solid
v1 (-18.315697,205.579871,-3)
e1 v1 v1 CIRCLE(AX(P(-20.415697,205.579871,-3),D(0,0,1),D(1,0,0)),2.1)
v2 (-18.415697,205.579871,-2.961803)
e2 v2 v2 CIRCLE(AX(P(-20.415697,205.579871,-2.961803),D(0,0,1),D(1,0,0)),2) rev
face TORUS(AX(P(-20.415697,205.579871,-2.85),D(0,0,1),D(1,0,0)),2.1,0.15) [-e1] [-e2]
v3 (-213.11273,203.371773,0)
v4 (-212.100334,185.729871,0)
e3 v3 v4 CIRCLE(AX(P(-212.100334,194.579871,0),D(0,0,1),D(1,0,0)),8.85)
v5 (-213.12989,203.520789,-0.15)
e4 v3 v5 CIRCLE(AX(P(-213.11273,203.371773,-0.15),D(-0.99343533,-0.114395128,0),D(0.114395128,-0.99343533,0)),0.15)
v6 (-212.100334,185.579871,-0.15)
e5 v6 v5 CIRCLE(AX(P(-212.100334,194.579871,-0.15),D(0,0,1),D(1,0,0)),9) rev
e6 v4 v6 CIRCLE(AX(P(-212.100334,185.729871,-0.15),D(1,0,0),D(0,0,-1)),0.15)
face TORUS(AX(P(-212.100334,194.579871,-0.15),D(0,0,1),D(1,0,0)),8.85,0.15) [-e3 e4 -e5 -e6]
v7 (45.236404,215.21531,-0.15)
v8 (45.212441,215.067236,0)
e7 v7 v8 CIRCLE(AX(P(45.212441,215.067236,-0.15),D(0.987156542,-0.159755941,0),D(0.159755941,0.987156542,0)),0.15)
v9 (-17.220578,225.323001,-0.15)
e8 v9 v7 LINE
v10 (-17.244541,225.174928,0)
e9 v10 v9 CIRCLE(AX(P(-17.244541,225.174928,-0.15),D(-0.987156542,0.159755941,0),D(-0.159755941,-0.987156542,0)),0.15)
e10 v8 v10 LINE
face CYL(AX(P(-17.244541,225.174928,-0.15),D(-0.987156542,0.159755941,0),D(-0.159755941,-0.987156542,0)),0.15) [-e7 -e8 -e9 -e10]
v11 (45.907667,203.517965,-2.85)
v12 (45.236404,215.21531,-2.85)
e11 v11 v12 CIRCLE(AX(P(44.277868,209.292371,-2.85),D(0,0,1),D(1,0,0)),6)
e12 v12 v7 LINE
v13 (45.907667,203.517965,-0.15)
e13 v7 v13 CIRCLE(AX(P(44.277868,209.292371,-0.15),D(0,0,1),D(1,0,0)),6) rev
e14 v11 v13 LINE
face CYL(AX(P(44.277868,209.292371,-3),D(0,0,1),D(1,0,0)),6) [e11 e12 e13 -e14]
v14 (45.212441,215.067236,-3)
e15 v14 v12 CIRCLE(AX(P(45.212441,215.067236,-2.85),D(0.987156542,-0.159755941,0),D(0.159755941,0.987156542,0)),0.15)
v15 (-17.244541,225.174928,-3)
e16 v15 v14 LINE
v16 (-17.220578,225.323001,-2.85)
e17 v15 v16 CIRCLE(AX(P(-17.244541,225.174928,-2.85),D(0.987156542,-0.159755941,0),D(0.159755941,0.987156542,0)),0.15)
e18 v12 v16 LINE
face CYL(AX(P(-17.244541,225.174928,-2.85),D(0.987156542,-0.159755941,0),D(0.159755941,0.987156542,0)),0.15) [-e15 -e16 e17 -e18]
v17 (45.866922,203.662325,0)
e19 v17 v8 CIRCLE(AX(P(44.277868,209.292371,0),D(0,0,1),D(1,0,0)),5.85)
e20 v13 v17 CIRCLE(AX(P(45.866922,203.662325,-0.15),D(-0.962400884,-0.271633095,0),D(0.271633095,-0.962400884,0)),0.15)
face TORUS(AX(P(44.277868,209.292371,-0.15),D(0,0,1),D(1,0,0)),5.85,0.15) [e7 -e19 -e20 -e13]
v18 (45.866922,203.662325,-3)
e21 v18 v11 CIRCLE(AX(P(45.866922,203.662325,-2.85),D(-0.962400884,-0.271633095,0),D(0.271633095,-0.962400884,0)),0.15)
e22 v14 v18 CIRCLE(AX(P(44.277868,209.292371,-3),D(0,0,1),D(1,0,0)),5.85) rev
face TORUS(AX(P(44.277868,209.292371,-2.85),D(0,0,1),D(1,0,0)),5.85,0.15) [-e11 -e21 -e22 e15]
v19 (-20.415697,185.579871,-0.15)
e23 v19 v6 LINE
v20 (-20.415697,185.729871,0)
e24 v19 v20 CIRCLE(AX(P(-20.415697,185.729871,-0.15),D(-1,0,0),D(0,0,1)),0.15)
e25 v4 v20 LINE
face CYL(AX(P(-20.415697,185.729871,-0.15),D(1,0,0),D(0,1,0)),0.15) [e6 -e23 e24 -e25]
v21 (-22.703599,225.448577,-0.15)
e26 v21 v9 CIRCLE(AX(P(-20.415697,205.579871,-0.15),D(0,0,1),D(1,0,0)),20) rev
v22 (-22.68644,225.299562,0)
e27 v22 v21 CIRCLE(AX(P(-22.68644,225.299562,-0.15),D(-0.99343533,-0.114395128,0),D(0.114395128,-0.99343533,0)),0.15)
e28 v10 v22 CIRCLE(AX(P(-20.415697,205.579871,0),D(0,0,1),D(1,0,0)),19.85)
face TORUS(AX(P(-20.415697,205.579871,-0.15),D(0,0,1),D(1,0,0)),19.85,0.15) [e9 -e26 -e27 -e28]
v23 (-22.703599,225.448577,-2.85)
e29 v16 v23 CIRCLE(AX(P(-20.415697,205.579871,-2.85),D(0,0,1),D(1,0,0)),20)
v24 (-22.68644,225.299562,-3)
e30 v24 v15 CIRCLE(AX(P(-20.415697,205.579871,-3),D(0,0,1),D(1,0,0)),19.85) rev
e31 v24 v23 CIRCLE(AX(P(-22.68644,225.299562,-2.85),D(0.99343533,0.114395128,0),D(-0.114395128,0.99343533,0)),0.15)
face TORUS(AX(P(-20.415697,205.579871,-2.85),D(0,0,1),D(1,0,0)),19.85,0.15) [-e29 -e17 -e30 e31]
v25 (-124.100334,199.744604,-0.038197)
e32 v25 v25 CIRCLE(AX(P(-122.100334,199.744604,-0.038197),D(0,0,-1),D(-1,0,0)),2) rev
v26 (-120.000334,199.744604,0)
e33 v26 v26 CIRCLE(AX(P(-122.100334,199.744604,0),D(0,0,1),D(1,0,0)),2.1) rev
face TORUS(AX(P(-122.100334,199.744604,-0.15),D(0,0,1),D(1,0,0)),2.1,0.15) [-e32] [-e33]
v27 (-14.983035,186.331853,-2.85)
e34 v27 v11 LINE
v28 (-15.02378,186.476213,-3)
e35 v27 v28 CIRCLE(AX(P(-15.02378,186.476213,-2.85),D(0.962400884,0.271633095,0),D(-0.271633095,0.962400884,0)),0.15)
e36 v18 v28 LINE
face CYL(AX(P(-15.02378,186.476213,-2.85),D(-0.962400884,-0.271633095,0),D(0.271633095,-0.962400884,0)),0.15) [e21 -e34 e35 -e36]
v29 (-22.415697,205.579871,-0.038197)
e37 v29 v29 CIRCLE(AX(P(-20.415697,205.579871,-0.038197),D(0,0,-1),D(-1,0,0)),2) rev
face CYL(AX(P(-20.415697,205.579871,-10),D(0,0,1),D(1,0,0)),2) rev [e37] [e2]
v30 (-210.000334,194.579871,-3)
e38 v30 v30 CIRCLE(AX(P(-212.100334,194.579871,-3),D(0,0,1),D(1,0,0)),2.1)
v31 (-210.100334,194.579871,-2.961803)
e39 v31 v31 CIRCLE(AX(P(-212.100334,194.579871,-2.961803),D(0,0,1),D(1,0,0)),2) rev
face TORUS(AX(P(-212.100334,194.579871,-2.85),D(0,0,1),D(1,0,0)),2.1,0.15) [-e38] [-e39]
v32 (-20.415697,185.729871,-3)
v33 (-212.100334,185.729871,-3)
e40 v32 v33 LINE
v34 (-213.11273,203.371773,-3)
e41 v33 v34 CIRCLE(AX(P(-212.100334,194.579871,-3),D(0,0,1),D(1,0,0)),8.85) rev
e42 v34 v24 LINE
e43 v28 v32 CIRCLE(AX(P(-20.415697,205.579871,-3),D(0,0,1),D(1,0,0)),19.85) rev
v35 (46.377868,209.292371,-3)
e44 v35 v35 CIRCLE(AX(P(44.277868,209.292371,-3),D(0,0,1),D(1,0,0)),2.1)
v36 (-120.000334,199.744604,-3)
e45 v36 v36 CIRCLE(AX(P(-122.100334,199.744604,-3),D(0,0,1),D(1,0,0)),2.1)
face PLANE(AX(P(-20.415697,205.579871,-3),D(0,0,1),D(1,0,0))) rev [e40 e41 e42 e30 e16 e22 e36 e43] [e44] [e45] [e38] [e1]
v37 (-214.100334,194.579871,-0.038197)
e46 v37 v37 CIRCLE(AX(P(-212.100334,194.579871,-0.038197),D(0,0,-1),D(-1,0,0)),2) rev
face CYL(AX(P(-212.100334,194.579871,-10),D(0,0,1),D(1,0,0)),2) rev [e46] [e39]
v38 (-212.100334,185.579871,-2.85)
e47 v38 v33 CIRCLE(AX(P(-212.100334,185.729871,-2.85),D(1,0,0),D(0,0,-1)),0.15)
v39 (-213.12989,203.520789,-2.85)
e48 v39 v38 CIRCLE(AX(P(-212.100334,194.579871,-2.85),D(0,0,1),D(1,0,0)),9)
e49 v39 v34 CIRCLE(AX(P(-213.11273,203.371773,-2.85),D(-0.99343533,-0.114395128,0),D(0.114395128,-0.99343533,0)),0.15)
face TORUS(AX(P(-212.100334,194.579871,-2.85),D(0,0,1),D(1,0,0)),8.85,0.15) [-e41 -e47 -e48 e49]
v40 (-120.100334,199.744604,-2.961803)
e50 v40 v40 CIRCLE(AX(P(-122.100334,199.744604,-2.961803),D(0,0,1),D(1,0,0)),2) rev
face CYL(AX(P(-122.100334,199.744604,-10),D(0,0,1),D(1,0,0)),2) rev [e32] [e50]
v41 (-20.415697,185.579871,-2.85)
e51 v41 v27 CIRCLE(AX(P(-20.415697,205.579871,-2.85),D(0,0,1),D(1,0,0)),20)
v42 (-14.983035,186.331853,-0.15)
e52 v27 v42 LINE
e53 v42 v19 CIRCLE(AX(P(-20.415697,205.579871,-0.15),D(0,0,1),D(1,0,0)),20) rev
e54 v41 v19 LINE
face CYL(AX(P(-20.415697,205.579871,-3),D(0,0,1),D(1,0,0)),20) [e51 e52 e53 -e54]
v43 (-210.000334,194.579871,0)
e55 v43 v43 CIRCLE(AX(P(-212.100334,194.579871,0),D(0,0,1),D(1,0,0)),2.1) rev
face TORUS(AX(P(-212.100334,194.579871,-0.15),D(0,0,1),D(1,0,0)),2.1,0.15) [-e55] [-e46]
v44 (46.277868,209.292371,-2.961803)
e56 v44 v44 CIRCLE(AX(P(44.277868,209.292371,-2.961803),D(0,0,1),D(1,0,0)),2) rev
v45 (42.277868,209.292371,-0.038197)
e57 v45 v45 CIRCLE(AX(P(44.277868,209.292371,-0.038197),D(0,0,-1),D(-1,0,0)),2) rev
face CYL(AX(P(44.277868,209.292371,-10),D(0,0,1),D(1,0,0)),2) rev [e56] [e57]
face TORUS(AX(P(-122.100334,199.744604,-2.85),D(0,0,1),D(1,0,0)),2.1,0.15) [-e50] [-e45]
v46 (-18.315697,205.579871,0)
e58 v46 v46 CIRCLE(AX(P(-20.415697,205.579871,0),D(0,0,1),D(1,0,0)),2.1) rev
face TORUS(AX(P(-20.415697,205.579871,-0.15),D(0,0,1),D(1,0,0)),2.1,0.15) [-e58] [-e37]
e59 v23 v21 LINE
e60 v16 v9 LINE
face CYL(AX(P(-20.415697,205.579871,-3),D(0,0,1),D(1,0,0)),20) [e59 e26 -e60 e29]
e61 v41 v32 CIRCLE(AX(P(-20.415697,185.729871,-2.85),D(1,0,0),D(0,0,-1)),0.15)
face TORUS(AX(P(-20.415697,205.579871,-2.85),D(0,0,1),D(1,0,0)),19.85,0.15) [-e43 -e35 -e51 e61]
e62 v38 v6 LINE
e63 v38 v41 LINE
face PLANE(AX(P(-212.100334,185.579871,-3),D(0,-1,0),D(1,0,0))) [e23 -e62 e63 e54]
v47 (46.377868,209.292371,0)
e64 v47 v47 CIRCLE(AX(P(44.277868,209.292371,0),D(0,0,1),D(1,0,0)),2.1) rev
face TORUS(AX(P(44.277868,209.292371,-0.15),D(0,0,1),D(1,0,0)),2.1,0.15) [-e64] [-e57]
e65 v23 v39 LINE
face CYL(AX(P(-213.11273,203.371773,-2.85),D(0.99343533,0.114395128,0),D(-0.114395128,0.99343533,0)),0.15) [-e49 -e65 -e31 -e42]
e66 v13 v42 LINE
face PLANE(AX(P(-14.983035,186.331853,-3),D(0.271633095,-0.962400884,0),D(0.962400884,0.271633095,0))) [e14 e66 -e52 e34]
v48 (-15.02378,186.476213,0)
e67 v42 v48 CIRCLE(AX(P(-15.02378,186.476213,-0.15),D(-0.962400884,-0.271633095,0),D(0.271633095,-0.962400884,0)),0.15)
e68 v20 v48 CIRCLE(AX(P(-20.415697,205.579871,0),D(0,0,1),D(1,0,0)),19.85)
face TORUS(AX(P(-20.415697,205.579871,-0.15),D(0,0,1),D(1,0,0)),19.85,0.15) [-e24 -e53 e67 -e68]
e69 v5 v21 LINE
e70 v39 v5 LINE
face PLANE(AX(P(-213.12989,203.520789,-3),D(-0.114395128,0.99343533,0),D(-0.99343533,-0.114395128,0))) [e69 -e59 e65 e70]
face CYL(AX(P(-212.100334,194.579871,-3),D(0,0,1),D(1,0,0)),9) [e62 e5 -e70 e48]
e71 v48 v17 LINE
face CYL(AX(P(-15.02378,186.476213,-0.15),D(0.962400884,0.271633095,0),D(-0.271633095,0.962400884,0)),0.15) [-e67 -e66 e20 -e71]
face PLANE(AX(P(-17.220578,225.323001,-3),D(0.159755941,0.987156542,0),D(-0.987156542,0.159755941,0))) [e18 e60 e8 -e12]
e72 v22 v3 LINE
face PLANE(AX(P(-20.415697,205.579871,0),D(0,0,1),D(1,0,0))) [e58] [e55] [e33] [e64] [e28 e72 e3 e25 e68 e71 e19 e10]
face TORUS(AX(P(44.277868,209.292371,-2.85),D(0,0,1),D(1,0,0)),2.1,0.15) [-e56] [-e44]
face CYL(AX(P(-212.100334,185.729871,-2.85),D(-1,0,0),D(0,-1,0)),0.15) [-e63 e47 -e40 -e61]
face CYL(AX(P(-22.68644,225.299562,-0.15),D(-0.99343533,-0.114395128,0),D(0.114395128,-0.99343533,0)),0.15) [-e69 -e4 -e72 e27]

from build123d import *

# Parameters (mm, degrees)
BOSS_EXTRUDE1_DEPTH        = 3
M3_5_CLEARANCE_HOLE1_D     = 3.9
M3_5_CLEARANCE_HOLE1_DEPTH = 10
M3_5_CLEARANCE_HOLE1_TIP   = 1.171678207
FILLET1_R                  = 0.15
SKETCH_1_R                 = 2
CUT_EXTRUDE_1_DEPTH        = 10
SKETCH_2_R                 = 2
CUT_EXTRUDE_2_DEPTH        = 10
SKETCH_3_R                 = 2
CUT_EXTRUDE_3_DEPTH        = 10


with BuildPart() as part:
    # Sketch1 → Boss-Extrude1 (new body)
    with BuildSketch(Plane.XY):
        with BuildLine():
            Line((-14.983034782, 186.331852937), (45.907666819, 203.517965313))
            ThreePointArc((45.907666819, 203.517965313), (50.268013149, 209.636120617), (45.236403893, 215.215309872))
            Line((45.236403893, 215.215309872), (-17.220577868, 225.323001467))
            ThreePointArc((-17.220577868, 225.323001467), (-19.957763668, 225.574627364), (-22.703599252, 225.448577215))
            Line((-22.703599252, 225.448577215), (-213.129889679, 203.520788586))
            ThreePointArc((-213.129889679, 203.520788586), (-221.085550876, 194.064245617), (-212.100333524, 185.579870617))
            Line((-212.100333524, 185.579870617), (-20.415696686, 185.579870617))
            ThreePointArc((-20.415696686, 185.579870617), (-17.673467083, 185.76875816), (-14.983034782, 186.331852937))
        make_face()
    extrude(amount=-BOSS_EXTRUDE1_DEPTH)

    # M3.5 Clearance Hole1
    with Locations(Plane.XY):
        with Locations((44.277868248, 209.292370617), (-20.415696686, 205.579870617), (-52.165696686, -1330.164308971), (-122.100333524, 199.744603777), (-212.100333524, 194.579870617)):
            Hole(M3_5_CLEARANCE_HOLE1_D / 2, depth=M3_5_CLEARANCE_HOLE1_DEPTH)
            with Locations((0, 0, -(M3_5_CLEARANCE_HOLE1_DEPTH + M3_5_CLEARANCE_HOLE1_TIP / 2))):  # 118° drill point
                Cone(0, M3_5_CLEARANCE_HOLE1_D / 2, M3_5_CLEARANCE_HOLE1_TIP, mode=Mode.SUBTRACT)

    # Fillet1
    fillet1_edges = [part.edges().sort_by_distance(p)[0] for p in [
        (50.268013149, 209.636120617, -3),
        (15.462316019, 194.924909125, 0),
        (-17.673467083, 185.76875816, 0),
        (14.007913013, 220.26915567, -3),
        (-19.957763668, 225.574627364, -3),
        (-117.916744466, 214.4846829, -3),
        (-221.085550876, 194.064245617, -3),
        (-116.258015105, 185.579870617, -3),
        (-210.150333524, 194.579870617, -3),
        (-210.150333524, 194.579870617, 0),
        (-120.150333524, 199.744603777, -3),
        (-120.150333524, 199.744603777, 0),
        (-18.465696686, 205.579870617, -3),
        (-18.465696686, 205.579870617, 0),
        (-17.673467083, 185.76875816, -3),
        (46.227868248, 209.292370617, -3),
        (46.227868248, 209.292370617, 0),
        (15.462316019, 194.924909125, -3),
        (-116.258015105, 185.579870617, 0),
        (-221.085550876, 194.064245617, 0),
        (-117.916744466, 214.4846829, 0),
        (-19.957763668, 225.574627364, 0),
        (14.007913013, 220.26915567, 0),
        (50.268013149, 209.636120617, 0),
    ]]
    fillet(fillet1_edges, radius=FILLET1_R)

    # 草图1 → 切除-拉伸1 (cut)
    with BuildSketch(Plane.XY):
        with Locations((-20.415696686, 205.579870617)):
            Circle(SKETCH_1_R)
    extrude(amount=-CUT_EXTRUDE_1_DEPTH, mode=Mode.SUBTRACT)

    # 草图2 → 切除-拉伸2 (cut)
    with BuildSketch(Plane.XY):
        with Locations((44.277868248, 209.292370617)):
            Circle(SKETCH_2_R)
    extrude(amount=-CUT_EXTRUDE_2_DEPTH, mode=Mode.SUBTRACT)

    # 草图3 → 切除-拉伸3 (cut)
    with BuildSketch(Plane.XY):
        with Locations((-122.100333524, 199.744603777)):
            Circle(SKETCH_3_R)
        with Locations((-212.100333524, 194.579870617)):
            Circle(SKETCH_3_R)
    extrude(amount=-CUT_EXTRUDE_3_DEPTH, mode=Mode.SUBTRACT)


solid = part.part
